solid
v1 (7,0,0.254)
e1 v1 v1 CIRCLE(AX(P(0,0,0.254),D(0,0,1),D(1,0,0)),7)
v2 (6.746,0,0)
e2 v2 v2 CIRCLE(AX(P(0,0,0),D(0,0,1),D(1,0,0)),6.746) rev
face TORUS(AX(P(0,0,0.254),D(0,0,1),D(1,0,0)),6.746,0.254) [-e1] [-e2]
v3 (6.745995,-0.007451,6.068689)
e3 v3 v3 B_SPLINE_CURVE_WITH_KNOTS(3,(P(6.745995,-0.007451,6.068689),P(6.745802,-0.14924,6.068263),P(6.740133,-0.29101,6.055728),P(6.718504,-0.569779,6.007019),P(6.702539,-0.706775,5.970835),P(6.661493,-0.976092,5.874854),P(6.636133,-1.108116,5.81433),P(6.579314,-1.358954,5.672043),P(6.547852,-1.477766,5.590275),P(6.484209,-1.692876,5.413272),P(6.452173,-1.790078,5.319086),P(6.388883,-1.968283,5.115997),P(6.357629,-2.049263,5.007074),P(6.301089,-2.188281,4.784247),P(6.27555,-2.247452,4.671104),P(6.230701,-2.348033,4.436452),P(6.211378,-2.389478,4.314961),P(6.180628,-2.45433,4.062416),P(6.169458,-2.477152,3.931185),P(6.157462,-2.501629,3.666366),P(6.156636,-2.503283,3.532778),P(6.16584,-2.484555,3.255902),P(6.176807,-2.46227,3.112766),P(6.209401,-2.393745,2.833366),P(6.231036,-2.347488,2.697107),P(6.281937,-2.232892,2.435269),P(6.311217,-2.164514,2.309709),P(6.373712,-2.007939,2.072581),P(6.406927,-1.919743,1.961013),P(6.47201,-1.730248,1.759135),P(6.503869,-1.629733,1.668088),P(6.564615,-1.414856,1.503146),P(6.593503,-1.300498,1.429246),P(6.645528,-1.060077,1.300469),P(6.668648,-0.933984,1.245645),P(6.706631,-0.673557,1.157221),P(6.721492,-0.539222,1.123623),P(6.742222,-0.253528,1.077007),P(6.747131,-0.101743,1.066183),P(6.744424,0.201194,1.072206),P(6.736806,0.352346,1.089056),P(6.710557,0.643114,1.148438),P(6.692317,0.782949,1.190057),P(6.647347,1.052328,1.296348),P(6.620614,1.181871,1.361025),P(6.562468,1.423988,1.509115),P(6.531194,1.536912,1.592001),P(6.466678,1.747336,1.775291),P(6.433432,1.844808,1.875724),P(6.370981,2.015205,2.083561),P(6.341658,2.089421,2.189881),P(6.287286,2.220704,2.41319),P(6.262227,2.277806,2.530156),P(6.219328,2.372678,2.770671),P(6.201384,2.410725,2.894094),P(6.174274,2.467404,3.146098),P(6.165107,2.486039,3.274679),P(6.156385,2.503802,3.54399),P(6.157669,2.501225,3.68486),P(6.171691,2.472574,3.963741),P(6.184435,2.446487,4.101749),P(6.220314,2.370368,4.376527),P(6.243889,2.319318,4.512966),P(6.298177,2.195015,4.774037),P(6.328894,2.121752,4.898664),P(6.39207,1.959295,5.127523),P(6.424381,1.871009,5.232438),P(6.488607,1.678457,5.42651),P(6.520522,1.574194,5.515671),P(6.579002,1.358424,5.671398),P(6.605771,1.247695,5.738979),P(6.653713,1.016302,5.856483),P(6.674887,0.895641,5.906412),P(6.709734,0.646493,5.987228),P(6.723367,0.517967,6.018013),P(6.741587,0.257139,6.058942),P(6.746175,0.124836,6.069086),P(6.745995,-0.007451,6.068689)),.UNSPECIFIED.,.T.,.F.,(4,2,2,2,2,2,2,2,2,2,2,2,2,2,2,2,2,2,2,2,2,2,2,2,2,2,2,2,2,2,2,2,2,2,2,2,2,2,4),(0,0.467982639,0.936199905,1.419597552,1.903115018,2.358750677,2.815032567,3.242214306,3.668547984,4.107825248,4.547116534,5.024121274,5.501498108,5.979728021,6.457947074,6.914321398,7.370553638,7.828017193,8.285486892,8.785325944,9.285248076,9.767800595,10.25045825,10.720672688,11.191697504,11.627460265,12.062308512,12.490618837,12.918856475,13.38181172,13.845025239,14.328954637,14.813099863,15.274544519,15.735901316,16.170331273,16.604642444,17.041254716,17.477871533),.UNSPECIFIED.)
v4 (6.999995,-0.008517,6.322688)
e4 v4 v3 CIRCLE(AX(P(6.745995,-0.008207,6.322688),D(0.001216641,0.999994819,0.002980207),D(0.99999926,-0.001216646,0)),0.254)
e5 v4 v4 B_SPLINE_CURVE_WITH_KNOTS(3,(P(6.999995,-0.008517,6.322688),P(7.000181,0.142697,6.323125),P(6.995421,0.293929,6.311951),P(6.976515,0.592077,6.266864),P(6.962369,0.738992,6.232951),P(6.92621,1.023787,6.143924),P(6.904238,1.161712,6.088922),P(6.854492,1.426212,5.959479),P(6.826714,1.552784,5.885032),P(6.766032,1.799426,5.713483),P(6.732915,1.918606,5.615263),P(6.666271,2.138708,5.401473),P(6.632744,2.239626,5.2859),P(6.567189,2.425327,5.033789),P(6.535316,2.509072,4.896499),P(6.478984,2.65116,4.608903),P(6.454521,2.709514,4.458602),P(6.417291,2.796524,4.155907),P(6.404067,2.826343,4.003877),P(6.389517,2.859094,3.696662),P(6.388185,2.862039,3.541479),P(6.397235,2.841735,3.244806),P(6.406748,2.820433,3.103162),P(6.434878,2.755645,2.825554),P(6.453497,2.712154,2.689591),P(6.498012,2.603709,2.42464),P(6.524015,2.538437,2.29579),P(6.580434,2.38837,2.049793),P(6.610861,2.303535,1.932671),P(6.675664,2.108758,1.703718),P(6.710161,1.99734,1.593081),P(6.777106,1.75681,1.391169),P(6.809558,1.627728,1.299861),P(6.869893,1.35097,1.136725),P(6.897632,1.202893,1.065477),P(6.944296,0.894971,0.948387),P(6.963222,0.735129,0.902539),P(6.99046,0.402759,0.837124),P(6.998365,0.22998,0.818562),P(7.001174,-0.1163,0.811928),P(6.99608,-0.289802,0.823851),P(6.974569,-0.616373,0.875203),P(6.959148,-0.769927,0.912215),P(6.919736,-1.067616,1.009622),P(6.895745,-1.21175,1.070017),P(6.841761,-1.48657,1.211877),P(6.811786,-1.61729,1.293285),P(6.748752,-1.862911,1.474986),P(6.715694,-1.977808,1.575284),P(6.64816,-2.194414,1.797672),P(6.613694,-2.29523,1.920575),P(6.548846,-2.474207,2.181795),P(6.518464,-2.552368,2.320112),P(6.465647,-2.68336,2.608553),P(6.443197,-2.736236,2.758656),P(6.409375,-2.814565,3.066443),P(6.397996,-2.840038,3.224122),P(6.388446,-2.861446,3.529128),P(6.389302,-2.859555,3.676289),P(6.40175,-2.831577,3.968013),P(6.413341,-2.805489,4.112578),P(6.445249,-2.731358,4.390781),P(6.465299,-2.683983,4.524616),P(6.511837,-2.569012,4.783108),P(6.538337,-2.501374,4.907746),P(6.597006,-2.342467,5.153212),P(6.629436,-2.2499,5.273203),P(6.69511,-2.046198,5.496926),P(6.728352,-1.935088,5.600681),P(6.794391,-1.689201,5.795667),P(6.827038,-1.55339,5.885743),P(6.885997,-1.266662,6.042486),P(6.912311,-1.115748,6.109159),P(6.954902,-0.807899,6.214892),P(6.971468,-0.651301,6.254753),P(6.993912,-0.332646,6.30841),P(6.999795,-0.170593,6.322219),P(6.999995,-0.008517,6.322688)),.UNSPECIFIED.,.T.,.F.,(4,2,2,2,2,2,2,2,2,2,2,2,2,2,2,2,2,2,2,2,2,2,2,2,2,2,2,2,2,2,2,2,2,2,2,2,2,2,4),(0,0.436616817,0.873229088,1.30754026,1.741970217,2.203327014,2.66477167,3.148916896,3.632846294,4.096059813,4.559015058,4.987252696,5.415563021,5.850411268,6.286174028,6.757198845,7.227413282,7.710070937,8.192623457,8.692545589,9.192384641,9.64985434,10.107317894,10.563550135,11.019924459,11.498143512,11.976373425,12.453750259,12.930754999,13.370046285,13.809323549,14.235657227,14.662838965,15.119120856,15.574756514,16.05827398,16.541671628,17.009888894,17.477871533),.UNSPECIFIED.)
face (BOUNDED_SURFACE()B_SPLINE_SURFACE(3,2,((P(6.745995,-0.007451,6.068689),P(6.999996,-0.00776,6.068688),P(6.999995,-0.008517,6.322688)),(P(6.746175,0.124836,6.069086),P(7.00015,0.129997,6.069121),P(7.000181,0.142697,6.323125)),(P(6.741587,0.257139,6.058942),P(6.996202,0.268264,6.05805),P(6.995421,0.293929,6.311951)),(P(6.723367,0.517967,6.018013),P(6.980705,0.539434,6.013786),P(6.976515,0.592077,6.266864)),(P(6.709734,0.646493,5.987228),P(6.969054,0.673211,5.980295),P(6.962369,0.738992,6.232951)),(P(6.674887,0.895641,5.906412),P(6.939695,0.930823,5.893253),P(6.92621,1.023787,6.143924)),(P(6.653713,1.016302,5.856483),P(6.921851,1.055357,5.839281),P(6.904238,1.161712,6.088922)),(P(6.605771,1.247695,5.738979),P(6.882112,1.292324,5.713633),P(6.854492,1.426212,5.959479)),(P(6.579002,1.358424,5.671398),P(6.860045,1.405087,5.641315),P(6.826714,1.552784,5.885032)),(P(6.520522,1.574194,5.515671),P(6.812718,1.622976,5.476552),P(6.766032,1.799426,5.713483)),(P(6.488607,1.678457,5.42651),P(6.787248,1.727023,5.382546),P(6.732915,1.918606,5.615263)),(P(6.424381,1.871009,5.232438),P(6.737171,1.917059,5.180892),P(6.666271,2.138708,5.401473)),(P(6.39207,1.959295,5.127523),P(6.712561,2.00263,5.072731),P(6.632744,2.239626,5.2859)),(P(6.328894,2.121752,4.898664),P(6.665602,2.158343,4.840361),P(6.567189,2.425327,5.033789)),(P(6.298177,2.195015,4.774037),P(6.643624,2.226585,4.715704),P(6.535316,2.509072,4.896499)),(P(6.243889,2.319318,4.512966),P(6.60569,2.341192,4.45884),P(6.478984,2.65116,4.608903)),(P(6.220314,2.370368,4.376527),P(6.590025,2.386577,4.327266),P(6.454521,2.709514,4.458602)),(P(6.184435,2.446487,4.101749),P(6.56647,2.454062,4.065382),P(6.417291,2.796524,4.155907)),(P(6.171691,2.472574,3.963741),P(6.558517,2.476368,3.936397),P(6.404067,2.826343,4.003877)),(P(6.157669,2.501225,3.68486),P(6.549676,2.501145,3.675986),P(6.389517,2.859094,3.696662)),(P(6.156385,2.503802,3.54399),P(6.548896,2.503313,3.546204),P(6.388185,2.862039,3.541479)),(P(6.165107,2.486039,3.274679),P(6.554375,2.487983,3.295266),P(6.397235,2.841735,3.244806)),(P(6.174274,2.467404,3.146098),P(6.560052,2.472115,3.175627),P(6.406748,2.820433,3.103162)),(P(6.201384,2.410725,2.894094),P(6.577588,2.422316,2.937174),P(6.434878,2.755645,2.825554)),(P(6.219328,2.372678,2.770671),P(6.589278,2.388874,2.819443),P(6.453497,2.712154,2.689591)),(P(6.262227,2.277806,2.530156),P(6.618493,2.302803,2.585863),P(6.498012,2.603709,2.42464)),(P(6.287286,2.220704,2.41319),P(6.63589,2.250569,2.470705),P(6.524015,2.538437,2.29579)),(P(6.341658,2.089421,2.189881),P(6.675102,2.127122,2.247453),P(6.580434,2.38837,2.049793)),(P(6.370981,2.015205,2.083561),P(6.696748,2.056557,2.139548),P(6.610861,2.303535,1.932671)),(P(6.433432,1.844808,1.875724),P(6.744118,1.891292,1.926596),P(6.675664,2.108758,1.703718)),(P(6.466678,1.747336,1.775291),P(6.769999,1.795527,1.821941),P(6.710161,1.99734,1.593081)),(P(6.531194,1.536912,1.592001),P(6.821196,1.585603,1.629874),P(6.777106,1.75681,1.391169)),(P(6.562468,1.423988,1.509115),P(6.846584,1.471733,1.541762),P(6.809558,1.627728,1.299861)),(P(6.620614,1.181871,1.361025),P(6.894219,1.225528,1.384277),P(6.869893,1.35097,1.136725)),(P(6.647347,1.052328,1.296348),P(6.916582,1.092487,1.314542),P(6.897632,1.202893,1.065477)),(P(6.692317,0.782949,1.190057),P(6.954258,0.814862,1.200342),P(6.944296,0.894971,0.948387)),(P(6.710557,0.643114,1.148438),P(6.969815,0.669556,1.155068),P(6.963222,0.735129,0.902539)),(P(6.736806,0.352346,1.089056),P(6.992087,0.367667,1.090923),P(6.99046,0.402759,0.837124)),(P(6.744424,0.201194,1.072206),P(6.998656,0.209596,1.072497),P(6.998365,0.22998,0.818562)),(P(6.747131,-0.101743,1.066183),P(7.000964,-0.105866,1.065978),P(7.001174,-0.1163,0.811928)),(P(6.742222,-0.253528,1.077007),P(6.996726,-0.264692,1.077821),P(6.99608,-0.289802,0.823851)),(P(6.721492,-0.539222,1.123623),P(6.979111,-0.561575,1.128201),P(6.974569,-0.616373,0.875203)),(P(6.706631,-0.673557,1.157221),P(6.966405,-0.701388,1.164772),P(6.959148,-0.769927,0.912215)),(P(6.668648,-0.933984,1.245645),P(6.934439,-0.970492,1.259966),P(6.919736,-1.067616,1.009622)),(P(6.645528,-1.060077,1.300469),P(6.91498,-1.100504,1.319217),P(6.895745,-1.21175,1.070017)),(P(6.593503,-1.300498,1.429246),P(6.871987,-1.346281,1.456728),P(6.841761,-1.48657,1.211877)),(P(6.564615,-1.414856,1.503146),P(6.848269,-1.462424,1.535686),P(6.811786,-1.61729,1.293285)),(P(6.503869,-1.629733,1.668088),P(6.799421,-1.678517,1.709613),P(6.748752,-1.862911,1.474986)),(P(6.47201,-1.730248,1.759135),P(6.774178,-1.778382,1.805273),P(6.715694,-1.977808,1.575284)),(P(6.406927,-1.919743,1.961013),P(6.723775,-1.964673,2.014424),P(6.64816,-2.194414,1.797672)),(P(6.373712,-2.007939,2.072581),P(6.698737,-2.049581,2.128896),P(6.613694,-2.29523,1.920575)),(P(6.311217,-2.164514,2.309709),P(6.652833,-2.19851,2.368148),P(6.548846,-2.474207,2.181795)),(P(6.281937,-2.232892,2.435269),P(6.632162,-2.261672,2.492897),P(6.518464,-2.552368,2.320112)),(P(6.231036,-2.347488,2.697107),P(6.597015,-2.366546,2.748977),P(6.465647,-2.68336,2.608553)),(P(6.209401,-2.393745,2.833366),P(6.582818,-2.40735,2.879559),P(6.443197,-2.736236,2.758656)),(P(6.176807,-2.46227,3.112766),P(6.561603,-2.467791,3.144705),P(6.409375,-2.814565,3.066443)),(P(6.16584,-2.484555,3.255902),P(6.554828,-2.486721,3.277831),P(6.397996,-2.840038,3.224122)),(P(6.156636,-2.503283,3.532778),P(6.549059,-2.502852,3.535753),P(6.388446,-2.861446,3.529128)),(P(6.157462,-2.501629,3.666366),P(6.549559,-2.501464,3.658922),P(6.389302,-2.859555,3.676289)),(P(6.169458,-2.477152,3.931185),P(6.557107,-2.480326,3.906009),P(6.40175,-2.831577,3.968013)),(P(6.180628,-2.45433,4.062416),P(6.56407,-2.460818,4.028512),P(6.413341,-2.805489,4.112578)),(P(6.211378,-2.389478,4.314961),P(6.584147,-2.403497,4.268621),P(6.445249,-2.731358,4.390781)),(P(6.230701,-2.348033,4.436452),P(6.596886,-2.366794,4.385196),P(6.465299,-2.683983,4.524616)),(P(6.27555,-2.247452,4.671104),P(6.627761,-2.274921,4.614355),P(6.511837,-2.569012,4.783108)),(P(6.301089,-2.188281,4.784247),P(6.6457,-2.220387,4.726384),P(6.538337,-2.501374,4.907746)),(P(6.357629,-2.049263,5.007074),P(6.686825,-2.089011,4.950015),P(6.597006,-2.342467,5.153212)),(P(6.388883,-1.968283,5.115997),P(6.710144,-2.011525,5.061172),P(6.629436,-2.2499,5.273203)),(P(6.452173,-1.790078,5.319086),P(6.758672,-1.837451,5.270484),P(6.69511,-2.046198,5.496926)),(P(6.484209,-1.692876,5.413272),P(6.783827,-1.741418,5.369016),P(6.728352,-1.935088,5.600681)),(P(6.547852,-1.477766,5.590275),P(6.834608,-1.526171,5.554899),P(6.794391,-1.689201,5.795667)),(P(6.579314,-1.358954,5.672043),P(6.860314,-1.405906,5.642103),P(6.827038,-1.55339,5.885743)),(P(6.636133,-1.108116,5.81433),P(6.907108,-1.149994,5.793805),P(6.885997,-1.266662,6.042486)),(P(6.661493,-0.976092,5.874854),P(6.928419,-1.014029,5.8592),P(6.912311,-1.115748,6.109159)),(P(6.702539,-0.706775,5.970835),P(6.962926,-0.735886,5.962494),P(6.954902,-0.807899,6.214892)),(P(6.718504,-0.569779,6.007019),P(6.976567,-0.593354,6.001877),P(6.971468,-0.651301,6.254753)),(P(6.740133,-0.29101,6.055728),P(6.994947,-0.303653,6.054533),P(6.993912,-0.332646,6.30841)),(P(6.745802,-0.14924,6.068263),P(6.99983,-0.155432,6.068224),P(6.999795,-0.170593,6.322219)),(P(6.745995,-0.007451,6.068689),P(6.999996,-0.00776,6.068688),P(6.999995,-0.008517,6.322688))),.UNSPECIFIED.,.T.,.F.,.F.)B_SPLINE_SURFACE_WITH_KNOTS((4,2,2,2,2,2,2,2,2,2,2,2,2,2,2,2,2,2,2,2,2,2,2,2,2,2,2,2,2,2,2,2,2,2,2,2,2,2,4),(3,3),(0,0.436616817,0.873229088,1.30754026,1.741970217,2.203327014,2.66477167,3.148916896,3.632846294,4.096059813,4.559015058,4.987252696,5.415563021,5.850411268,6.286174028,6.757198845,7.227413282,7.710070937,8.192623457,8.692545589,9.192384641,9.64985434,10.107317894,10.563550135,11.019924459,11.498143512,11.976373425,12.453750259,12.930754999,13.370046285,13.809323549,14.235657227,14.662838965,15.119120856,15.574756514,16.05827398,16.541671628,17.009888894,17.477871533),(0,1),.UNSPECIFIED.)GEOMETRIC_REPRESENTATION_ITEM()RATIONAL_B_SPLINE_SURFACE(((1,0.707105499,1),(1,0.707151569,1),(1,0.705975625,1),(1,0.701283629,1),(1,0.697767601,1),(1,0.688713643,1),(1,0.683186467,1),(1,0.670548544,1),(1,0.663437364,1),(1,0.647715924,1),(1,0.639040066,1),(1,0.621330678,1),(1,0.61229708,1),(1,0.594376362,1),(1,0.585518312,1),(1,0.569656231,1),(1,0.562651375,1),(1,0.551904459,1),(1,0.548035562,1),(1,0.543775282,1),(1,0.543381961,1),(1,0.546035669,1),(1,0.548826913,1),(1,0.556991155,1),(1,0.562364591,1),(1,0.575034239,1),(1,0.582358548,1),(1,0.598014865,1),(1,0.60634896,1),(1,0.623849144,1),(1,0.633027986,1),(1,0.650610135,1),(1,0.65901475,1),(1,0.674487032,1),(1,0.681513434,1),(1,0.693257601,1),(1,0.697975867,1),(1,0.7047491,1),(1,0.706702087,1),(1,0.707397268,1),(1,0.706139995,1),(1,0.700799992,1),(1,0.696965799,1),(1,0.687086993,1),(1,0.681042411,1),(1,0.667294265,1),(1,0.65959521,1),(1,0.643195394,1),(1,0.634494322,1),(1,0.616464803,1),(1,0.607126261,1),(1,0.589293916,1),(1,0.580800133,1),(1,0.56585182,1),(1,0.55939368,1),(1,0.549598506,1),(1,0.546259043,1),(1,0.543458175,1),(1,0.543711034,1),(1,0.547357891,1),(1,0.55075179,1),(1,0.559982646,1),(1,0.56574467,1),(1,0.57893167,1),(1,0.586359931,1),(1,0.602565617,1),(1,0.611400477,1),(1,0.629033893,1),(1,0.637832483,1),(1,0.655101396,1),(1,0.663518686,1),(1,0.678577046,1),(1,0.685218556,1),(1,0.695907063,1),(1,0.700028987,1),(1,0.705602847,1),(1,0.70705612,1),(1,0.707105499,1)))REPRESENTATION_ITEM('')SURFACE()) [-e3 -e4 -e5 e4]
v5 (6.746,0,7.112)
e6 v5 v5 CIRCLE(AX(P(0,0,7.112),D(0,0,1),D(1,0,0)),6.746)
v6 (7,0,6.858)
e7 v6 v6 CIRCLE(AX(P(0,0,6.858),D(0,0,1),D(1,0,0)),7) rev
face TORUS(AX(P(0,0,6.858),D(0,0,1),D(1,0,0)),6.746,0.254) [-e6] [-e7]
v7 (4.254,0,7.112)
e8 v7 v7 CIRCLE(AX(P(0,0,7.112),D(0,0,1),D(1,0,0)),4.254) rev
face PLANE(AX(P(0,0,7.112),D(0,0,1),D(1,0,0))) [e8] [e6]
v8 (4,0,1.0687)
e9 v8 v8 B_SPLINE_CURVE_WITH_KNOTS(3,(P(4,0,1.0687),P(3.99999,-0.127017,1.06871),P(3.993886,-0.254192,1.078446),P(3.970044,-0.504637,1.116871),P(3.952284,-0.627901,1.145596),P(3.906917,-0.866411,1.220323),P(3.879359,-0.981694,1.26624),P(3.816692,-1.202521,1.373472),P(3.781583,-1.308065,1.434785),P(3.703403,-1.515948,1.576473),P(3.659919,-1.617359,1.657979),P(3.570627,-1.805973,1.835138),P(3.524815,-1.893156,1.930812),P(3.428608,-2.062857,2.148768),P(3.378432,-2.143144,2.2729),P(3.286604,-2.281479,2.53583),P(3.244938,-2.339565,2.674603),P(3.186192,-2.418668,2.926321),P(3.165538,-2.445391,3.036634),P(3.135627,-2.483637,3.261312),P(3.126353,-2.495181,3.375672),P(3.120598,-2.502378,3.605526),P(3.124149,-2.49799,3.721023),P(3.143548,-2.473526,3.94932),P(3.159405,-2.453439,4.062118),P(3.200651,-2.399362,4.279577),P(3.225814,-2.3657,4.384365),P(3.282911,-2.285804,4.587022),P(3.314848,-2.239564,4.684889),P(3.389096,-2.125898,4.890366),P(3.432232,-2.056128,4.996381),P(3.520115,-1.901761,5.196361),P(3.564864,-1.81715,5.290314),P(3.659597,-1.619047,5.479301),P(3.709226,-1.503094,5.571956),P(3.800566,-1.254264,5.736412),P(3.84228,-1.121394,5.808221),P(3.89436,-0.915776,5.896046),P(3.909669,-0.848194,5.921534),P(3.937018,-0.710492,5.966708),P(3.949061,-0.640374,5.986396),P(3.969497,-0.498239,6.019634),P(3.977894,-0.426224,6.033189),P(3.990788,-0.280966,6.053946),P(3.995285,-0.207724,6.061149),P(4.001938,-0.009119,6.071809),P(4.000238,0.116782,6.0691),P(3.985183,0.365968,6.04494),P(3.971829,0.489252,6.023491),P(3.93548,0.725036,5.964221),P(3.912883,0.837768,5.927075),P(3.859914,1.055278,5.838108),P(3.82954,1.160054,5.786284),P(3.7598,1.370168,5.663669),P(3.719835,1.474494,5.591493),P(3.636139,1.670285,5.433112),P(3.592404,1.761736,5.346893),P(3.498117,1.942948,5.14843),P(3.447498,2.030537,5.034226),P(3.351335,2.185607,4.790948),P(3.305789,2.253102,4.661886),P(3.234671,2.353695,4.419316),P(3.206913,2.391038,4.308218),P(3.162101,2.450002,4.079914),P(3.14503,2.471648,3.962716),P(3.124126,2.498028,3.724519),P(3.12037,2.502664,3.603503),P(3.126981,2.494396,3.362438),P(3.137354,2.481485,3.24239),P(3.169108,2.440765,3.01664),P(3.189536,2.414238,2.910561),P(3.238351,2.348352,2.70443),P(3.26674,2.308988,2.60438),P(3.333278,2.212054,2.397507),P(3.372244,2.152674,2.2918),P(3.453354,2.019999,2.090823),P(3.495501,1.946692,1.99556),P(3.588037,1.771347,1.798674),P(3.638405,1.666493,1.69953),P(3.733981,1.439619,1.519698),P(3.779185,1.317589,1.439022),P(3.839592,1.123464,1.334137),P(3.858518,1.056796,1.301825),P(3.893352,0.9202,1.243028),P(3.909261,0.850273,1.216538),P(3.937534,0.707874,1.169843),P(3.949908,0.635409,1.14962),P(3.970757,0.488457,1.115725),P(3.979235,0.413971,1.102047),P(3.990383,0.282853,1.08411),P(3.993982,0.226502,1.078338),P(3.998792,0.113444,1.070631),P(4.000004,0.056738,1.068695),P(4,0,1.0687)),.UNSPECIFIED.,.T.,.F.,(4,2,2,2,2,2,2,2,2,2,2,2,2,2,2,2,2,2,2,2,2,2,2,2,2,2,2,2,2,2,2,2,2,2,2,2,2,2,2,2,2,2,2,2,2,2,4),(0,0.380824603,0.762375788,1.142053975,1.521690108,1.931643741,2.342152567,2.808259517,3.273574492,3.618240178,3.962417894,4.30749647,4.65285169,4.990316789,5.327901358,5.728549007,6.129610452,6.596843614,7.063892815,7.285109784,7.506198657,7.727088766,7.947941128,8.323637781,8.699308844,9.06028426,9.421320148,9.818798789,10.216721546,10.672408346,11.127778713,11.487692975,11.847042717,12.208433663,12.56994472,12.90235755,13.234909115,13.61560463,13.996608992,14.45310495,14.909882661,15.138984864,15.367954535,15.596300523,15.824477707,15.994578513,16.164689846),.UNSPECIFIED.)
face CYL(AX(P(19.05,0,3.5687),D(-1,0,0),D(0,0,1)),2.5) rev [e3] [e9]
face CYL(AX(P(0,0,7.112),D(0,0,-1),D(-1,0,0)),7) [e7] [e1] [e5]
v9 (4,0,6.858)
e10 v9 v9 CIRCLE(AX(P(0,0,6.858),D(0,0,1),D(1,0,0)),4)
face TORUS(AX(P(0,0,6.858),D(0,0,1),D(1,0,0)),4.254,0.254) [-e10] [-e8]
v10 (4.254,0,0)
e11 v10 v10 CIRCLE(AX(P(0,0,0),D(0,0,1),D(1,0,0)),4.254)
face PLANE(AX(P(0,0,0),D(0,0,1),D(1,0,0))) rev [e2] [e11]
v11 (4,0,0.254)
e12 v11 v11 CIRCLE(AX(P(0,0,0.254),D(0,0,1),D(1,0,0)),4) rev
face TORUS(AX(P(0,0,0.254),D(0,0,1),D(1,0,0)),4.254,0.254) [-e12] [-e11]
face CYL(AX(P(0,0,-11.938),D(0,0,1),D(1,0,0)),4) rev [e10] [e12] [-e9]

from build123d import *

# Parameters (mm, degrees)
SKETCH2_R           = 7
BOSS_EXTRUDE1_DEPTH = 7.112
SKETCH3_R           = 4
CUT_EXTRUDE1_DEPTH  = 19.05
SKETCH4_R           = 2.5
CUT_EXTRUDE2_DEPTH  = 19.05
FILLET1_R           = 0.254


with BuildPart() as part:
    # Sketch2 → Boss-Extrude1 (new body)
    with BuildSketch(Plane.XY):
        Circle(SKETCH2_R)
    extrude(amount=BOSS_EXTRUDE1_DEPTH)

    # Sketch3 → Cut-Extrude1 (cut)
    with BuildSketch(Plane.XY.offset(7.112)):
        Circle(SKETCH3_R)
    extrude(amount=-CUT_EXTRUDE1_DEPTH, mode=Mode.SUBTRACT)

    # Sketch4 → Cut-Extrude2 (cut)
    with BuildSketch(Plane(origin=(0, 0, 0), x_dir=(0, 0, -1), z_dir=(1, 0, 0))):
        with Locations((-3.5687, 0)):
            Circle(SKETCH4_R)
    extrude(amount=CUT_EXTRUDE2_DEPTH, mode=Mode.SUBTRACT)

    # Fillet1
    fillet1_edges = [part.edges().sort_by_distance(p)[0] for p in [
        (6.538348415, 2.5, 3.5687),
        (-7, 0, 0),
        (-7, 0, 7.112),
        (-4, 0, 0),
        (-4, 0, 7.112),
    ]]
    fillet(fillet1_edges, radius=FILLET1_R)


solid = part.part
